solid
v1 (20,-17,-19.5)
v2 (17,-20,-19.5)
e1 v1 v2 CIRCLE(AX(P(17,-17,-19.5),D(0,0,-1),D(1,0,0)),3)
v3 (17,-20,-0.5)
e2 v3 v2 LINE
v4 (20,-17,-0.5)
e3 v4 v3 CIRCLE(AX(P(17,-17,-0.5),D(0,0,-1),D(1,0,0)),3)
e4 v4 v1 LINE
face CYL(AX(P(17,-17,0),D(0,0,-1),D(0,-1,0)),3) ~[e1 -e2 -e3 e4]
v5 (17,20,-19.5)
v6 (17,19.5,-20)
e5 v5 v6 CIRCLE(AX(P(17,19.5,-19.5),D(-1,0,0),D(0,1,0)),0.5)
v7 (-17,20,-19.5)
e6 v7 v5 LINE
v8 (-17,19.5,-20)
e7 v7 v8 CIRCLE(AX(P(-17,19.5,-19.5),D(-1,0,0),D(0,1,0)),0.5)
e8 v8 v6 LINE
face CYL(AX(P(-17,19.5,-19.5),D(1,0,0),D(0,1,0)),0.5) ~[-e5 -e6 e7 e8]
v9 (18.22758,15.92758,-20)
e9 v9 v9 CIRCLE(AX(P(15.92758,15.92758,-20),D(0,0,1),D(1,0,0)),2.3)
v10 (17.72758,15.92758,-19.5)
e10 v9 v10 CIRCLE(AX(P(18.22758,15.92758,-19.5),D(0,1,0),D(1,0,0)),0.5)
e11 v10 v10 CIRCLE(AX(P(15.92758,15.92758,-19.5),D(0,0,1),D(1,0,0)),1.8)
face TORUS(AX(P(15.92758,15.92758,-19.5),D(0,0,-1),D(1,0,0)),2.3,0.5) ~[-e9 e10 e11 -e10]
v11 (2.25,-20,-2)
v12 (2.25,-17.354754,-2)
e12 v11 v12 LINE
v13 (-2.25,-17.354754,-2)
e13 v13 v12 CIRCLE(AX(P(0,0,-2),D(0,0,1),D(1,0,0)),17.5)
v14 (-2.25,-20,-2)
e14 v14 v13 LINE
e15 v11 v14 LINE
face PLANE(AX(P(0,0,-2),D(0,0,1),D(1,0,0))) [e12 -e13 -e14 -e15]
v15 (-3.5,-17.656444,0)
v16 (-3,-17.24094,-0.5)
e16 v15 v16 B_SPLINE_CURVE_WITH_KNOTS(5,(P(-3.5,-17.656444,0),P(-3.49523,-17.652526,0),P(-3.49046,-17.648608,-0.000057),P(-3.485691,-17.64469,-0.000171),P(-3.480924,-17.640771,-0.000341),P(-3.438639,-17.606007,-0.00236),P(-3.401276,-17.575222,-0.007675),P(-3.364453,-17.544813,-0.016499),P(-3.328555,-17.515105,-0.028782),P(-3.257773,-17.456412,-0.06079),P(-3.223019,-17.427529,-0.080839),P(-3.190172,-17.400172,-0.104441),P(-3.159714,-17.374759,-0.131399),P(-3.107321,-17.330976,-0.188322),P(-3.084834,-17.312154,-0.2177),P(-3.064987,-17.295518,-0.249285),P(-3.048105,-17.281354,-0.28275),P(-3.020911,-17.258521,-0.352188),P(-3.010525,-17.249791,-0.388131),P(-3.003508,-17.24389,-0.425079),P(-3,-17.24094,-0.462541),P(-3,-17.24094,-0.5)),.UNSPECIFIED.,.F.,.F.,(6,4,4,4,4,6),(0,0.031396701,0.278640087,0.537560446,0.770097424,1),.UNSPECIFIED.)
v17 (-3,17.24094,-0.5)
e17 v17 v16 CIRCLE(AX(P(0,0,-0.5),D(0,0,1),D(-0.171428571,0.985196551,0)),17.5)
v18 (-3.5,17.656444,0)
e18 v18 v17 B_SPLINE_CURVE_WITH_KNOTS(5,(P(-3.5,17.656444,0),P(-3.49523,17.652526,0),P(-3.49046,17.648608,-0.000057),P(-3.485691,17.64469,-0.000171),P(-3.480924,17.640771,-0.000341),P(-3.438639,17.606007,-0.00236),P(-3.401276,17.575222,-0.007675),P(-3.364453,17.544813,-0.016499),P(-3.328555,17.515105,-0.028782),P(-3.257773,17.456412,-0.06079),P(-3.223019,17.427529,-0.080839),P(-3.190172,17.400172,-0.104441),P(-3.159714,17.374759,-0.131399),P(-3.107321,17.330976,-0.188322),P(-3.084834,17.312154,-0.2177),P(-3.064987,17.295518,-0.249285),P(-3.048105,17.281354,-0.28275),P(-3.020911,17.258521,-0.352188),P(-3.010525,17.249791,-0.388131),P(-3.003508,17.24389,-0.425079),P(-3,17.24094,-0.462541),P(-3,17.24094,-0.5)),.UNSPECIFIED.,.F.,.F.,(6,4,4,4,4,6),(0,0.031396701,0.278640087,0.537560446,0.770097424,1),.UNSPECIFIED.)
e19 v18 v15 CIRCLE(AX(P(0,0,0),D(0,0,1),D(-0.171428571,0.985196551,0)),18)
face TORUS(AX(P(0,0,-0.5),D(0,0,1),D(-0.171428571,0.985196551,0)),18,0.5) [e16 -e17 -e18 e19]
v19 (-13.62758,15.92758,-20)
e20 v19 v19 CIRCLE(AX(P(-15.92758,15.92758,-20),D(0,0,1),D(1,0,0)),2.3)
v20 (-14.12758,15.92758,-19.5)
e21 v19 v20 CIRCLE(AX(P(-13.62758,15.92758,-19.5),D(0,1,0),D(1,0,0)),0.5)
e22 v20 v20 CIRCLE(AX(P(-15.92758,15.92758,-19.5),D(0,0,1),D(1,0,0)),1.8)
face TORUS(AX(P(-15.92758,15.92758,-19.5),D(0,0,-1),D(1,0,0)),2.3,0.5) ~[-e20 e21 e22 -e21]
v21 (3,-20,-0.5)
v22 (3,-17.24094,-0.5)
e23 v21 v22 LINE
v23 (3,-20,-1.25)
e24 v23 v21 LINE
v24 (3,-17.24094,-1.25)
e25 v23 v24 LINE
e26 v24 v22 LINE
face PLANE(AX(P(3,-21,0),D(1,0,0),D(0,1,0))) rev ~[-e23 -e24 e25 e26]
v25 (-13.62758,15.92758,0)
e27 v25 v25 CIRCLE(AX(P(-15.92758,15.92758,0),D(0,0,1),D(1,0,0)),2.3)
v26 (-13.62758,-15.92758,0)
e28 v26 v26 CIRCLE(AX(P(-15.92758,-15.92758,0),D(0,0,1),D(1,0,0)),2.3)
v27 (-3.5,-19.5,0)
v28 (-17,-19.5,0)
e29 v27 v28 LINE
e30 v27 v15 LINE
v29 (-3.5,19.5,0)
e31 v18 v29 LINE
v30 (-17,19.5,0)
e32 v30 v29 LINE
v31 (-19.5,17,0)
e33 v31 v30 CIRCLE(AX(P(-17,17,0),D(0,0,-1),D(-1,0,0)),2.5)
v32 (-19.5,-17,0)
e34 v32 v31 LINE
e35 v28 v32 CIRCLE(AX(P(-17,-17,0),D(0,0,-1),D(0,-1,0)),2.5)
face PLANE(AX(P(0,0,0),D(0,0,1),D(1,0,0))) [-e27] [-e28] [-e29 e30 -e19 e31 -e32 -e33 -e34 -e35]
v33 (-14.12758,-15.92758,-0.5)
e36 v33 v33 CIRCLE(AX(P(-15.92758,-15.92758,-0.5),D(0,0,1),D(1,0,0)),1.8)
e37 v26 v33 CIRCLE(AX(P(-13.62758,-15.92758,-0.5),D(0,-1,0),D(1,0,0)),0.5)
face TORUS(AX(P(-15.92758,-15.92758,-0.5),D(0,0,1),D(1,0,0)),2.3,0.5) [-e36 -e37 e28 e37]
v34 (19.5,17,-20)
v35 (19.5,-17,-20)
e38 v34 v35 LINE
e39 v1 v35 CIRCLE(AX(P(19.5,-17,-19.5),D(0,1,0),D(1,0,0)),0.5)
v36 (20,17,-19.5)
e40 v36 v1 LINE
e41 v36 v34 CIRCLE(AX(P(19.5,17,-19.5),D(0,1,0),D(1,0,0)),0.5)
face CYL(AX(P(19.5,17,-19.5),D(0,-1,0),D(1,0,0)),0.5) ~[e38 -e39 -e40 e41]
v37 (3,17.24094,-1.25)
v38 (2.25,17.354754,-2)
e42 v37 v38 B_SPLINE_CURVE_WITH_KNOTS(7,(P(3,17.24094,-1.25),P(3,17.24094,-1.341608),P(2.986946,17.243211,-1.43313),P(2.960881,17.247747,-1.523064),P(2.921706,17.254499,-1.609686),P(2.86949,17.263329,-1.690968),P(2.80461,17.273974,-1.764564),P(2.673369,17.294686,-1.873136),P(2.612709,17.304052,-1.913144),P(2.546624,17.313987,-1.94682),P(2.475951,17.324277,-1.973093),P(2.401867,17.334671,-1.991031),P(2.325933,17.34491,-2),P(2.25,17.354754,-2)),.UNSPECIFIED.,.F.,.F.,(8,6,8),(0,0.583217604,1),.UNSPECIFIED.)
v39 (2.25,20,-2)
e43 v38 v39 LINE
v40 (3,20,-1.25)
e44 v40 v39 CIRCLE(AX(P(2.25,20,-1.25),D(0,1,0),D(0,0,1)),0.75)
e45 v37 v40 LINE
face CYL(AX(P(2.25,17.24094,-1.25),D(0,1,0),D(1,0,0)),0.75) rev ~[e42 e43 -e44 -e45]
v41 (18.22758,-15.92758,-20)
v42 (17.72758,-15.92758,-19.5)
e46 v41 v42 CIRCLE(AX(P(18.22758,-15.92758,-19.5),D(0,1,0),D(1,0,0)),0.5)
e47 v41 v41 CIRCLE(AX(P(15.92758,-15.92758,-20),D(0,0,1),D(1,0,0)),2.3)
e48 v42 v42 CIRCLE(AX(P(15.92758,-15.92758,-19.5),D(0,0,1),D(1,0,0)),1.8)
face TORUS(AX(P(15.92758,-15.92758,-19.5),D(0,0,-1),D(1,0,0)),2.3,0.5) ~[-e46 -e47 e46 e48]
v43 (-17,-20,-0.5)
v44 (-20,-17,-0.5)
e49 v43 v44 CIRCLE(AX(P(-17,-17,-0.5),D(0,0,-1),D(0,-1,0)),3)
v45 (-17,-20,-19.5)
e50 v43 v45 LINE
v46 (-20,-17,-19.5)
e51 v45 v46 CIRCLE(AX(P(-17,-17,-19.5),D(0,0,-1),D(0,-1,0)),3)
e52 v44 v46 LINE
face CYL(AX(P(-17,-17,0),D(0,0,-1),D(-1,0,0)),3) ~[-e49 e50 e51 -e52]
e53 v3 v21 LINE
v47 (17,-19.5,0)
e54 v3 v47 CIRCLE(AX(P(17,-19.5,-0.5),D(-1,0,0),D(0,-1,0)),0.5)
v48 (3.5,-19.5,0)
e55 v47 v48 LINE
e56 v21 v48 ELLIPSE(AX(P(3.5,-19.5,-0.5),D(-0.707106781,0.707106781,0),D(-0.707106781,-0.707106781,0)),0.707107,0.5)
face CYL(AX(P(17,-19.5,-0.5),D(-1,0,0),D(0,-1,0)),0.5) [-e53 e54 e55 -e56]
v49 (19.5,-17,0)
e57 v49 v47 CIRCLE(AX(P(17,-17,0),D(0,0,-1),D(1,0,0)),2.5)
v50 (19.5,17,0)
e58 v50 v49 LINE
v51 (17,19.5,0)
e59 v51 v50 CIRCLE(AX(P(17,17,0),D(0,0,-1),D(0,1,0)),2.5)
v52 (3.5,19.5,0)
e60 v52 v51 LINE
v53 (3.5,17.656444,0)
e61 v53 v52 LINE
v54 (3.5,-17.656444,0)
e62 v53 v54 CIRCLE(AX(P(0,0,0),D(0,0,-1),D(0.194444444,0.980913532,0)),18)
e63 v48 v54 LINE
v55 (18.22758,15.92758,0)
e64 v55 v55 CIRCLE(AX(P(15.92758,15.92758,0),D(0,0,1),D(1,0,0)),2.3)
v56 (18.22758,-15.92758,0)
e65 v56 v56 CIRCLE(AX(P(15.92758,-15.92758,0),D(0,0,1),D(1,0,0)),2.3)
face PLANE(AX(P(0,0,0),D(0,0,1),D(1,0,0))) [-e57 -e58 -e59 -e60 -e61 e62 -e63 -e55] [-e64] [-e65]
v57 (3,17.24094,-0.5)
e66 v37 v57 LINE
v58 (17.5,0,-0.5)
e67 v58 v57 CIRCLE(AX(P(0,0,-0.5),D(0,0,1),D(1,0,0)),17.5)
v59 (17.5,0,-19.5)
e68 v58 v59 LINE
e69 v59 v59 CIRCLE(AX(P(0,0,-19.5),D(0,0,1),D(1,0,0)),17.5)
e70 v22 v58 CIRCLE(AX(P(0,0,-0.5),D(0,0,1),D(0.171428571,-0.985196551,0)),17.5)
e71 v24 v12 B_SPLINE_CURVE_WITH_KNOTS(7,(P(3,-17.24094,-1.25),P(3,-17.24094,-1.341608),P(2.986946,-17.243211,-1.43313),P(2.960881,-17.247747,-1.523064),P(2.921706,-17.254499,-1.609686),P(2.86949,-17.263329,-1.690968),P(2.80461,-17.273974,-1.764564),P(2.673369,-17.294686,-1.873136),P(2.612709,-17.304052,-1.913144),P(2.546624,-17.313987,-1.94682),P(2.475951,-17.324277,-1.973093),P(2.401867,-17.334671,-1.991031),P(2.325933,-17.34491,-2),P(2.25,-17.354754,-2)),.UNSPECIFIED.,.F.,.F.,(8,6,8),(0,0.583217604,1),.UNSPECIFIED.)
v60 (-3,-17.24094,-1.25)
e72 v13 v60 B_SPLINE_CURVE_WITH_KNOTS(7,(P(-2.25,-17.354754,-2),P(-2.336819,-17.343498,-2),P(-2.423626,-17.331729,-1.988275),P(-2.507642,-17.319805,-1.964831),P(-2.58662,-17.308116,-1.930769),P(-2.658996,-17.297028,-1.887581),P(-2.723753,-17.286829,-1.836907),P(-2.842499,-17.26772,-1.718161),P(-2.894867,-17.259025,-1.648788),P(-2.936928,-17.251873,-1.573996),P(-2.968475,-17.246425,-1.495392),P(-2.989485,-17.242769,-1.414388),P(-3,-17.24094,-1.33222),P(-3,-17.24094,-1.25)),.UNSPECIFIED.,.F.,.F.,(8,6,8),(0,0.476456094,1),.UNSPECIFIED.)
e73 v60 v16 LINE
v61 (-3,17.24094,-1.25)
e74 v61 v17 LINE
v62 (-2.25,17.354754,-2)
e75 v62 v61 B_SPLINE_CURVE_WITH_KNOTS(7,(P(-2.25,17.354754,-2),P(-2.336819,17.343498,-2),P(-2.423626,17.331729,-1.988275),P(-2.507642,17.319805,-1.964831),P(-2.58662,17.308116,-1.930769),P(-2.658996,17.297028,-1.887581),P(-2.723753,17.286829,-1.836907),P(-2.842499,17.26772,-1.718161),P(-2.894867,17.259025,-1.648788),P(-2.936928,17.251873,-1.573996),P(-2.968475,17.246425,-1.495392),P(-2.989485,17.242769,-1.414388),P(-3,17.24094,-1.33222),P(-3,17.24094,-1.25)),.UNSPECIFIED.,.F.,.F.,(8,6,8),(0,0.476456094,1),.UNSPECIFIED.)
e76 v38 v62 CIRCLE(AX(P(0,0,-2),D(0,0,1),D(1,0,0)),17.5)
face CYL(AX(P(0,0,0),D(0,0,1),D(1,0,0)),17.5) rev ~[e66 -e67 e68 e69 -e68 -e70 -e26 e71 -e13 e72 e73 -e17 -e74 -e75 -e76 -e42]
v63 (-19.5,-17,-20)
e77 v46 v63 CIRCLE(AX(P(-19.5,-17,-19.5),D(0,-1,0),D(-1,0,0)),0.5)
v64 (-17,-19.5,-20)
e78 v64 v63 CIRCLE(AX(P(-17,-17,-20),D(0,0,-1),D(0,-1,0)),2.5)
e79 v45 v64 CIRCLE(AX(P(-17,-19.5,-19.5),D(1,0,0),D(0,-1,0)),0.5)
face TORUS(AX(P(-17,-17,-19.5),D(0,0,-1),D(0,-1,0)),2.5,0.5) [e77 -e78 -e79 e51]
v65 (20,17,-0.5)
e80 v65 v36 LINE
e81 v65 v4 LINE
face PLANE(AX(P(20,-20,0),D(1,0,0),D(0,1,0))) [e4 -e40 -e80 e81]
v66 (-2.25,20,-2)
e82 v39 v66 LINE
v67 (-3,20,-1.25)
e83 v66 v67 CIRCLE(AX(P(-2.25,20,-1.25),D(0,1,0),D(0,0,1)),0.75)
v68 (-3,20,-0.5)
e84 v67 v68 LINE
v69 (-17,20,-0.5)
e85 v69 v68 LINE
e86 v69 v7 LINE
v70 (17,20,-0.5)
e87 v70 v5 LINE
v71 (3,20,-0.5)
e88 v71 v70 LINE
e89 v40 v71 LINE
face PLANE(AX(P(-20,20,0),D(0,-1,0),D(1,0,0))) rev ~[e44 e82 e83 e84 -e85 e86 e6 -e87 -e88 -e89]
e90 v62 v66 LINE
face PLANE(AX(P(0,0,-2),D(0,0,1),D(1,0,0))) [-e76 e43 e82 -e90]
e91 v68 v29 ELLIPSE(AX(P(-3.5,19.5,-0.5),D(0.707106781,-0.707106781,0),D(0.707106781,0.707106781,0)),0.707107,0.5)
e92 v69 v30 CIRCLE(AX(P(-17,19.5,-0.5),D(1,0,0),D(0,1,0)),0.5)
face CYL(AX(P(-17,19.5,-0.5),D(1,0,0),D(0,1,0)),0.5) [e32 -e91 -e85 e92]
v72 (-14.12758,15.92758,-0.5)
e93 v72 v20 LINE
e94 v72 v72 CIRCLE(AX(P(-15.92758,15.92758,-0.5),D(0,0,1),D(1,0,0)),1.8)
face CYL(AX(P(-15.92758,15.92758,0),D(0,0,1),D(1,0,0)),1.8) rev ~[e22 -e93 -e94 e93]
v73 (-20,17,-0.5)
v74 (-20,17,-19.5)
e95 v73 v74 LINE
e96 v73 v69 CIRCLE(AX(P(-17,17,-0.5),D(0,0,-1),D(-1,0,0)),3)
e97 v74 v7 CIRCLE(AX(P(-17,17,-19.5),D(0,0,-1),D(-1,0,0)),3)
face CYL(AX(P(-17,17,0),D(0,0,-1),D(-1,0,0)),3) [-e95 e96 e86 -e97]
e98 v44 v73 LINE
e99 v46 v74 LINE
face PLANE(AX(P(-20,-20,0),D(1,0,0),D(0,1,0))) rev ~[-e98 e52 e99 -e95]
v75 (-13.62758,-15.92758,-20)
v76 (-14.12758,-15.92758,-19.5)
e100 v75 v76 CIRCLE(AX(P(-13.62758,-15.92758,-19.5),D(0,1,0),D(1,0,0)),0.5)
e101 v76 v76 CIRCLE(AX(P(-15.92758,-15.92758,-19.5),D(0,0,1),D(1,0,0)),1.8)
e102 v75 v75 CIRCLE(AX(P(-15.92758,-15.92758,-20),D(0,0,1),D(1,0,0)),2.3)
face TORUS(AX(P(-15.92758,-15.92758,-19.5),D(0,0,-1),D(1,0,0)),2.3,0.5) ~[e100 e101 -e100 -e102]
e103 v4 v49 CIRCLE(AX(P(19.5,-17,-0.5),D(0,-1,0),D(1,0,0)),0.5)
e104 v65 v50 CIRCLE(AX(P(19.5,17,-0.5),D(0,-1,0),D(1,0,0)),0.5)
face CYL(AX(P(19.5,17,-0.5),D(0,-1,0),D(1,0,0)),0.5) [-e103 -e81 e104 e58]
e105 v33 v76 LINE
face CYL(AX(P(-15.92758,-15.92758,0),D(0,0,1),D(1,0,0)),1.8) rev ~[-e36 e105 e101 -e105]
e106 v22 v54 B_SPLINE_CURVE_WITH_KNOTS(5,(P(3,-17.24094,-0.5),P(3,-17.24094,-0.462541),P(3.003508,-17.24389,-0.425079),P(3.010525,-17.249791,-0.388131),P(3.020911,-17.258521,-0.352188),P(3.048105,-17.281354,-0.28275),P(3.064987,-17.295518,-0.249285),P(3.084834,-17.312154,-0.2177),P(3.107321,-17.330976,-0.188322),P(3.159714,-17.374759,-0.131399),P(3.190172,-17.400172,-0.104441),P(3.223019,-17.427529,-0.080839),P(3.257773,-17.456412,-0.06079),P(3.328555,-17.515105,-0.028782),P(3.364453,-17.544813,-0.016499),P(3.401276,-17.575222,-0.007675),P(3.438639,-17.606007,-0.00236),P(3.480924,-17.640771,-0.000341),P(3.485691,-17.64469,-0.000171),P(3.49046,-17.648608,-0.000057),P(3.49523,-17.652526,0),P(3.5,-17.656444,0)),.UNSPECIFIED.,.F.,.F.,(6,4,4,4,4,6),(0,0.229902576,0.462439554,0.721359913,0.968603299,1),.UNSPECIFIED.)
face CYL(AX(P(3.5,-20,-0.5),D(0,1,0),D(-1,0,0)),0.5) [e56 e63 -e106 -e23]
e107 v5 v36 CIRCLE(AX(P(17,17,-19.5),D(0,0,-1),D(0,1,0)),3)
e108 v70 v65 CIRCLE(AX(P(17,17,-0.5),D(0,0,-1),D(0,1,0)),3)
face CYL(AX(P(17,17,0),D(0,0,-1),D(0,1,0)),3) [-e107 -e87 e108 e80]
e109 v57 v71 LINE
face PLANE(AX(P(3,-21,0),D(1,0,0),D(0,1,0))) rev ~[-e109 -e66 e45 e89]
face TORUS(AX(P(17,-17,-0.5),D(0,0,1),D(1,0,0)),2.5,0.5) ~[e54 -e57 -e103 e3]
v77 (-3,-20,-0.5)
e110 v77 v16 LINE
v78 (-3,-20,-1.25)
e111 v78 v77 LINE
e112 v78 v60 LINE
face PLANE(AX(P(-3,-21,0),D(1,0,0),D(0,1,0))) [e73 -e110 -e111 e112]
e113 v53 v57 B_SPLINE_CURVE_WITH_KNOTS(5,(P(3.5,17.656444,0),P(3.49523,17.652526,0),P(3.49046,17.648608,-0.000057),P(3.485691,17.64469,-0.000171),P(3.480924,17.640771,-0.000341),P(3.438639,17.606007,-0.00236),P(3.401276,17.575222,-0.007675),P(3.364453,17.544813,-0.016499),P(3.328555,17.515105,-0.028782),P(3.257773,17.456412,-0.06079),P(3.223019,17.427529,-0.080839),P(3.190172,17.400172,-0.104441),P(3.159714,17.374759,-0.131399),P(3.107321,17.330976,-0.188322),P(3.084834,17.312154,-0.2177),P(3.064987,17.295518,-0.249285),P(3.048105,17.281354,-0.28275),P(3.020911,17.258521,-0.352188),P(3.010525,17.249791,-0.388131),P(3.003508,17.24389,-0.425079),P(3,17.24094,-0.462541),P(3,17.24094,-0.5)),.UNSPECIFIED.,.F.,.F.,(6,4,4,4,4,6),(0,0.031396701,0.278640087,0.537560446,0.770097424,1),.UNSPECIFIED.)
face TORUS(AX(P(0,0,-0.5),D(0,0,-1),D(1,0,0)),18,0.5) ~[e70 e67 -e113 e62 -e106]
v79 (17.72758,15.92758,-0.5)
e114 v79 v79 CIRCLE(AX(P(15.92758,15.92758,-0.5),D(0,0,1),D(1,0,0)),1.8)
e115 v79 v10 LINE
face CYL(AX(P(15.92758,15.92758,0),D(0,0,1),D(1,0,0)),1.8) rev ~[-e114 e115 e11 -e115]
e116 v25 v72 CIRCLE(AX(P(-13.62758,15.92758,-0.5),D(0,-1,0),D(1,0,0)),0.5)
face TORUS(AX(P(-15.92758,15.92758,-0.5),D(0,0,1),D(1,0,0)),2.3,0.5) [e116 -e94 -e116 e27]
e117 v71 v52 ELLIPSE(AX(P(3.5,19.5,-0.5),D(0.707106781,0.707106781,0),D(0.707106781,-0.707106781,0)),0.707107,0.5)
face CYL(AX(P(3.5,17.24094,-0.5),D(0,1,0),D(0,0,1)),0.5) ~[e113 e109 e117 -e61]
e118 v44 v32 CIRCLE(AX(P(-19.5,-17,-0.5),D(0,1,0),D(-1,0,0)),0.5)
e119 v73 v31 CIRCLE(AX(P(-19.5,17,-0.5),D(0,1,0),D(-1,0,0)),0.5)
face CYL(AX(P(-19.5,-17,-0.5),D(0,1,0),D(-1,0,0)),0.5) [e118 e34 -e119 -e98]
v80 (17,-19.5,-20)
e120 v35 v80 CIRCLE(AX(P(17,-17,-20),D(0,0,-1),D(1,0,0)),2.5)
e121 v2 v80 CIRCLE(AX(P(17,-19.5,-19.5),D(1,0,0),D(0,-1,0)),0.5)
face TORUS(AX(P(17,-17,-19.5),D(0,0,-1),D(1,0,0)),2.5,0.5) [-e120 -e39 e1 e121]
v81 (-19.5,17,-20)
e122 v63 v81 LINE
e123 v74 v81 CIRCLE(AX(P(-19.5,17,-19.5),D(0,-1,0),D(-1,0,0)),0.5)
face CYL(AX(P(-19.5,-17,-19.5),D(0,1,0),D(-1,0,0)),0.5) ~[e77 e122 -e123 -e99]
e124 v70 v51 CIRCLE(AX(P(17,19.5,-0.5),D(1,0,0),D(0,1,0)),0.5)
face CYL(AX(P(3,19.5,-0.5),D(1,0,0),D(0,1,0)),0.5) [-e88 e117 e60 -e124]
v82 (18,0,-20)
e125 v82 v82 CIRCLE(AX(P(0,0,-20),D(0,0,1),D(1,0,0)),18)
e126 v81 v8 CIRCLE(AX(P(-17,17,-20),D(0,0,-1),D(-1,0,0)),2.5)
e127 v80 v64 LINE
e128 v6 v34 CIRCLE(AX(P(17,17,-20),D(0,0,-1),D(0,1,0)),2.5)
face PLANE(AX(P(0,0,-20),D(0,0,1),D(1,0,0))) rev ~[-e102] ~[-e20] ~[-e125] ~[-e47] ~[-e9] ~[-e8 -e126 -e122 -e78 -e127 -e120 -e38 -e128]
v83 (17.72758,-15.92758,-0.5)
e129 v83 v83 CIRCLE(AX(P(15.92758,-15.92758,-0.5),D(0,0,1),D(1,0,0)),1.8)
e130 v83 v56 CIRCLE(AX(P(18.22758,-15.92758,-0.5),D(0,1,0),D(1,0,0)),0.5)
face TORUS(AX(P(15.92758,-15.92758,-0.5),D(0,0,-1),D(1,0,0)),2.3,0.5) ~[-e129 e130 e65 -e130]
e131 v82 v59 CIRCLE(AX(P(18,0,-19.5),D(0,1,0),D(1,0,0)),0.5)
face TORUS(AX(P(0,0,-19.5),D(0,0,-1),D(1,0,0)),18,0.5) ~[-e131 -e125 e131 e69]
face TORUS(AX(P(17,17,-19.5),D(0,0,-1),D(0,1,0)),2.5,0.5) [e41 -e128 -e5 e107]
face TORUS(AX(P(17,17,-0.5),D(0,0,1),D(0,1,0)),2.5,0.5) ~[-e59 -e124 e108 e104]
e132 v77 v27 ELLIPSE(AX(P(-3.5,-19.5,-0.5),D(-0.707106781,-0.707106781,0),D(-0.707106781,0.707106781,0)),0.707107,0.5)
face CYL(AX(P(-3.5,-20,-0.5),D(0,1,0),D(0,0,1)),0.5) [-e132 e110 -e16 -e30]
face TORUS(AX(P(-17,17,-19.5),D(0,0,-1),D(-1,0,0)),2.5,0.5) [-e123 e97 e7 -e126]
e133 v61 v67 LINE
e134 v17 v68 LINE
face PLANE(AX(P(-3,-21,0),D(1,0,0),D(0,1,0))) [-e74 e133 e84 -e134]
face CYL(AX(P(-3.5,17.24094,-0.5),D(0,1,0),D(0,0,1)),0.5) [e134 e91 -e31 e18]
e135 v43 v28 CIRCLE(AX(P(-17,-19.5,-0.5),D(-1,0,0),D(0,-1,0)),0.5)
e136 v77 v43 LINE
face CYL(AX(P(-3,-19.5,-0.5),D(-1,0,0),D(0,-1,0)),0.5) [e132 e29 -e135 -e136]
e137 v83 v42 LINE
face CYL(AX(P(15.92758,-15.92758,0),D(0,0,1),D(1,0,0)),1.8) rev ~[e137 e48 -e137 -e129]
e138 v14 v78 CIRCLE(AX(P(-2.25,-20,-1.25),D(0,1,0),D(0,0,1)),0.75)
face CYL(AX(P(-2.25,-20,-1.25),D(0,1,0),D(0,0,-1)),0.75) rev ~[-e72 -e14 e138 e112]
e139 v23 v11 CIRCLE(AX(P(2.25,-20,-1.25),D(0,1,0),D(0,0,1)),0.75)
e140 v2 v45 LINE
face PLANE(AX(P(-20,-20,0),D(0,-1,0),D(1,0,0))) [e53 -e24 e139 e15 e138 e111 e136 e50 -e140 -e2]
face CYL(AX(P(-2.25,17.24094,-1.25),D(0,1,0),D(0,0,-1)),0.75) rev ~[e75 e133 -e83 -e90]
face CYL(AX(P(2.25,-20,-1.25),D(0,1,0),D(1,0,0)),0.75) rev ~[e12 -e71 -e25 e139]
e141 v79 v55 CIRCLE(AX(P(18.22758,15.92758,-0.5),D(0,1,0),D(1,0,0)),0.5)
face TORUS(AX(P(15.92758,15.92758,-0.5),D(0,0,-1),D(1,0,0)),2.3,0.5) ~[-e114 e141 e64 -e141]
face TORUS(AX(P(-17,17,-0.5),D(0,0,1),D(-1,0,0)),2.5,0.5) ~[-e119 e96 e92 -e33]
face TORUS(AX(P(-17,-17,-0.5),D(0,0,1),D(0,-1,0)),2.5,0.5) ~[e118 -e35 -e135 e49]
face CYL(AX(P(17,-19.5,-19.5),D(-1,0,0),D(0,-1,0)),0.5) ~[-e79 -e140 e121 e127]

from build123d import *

# Parameters (mm, degrees)
SKETCH008_W     = 40
SKETCH008_H     = 40
SKETCH008_R     = 1.8
SKETCH008_R_2   = 17.5
PAD006_DEPTH    = 20
SKETCH011_W     = 6
SKETCH011_H     = 42
POCKET002_DEPTH = 2
FILLET002_R     = 3
FILLET003_R     = 0.5
FILLET004_R     = 0.75


with BuildPart() as part:
    # Sketch008 → Pad006 (new body)
    with BuildSketch(Plane.XY):
        Rectangle(SKETCH008_W, SKETCH008_H)
        with Locations((-15.92758, 15.92758)):
            Circle(SKETCH008_R, mode=Mode.SUBTRACT)
        with Locations((15.92758, -15.92758)):
            Circle(SKETCH008_R, mode=Mode.SUBTRACT)
        with Locations((15.92758, 15.92758)):
            Circle(SKETCH008_R, mode=Mode.SUBTRACT)
        with Locations((-15.92758, -15.92758)):
            Circle(SKETCH008_R, mode=Mode.SUBTRACT)
        Circle(SKETCH008_R_2, mode=Mode.SUBTRACT)
    extrude(amount=-PAD006_DEPTH)

    # Sketch011 → Pocket002 (cut)
    with BuildSketch(Plane.XY):
        Rectangle(SKETCH011_W, SKETCH011_H)
    extrude(amount=-POCKET002_DEPTH, mode=Mode.SUBTRACT)

    # Fillet002
    fillet002_edges = [part.edges().sort_by_distance(p)[0] for p in [
        (-20, -20, -10),
        (-20, 20, -10),
        (20, -20, -10),
        (20, 20, -10),
    ]]
    fillet(fillet002_edges, radius=FILLET002_R)

    # Fillet003
    fillet003_edges = [part.edges().sort_by_distance(p)[0] for p in [
        (-20, 0, -20),
        (-19.12132, -19.12132, -20),
        (-19.12132, 19.12132, -20),
        (0, -20, -20),
        (0, 20, -20),
        (19.12132, -19.12132, -20),
        (19.12132, 19.12132, -20),
        (20, 0, -20),
        (-17.5, 0, -20),
        (-17.72758, -15.92758, -20),
        (14.12758, -15.92758, -20),
        (14.12758, 15.92758, -20),
        (-17.72758, 15.92758, -20),
        (-20, 0, 0),
        (-19.12132, -19.12132, 0),
        (-19.12132, 19.12132, 0),
        (-10, -20, 0),
        (-10, 20, 0),
        (-3, -18.62047, 0),
        (-3, 18.62047, 0),
        (-17.5, 0, 0),
        (-17.72758, -15.92758, 0),
        (-17.72758, 15.92758, 0),
        (10, 20, 0),
        (19.12132, 19.12132, 0),
        (3, 18.62047, 0),
        (20, 0, 0),
        (13.393095, 11.26388, 0),
        (19.12132, -19.12132, 0),
        (13.393095, -11.26388, 0),
        (10, -20, 0),
        (3, -18.62047, 0),
        (14.12758, -15.92758, 0),
        (14.12758, 15.92758, 0),
    ]]
    fillet(fillet003_edges, radius=FILLET003_R)

    # Fillet004
    fillet004_edges = [part.edges().sort_by_distance(p)[0] for p in [
        (3, -18.62047, -2),
        (-3, -18.62047, -2),
        (-3, 18.62047, -2),
        (3, 18.62047, -2),
    ]]
    fillet(fillet004_edges, radius=FILLET004_R)


solid = part.part
